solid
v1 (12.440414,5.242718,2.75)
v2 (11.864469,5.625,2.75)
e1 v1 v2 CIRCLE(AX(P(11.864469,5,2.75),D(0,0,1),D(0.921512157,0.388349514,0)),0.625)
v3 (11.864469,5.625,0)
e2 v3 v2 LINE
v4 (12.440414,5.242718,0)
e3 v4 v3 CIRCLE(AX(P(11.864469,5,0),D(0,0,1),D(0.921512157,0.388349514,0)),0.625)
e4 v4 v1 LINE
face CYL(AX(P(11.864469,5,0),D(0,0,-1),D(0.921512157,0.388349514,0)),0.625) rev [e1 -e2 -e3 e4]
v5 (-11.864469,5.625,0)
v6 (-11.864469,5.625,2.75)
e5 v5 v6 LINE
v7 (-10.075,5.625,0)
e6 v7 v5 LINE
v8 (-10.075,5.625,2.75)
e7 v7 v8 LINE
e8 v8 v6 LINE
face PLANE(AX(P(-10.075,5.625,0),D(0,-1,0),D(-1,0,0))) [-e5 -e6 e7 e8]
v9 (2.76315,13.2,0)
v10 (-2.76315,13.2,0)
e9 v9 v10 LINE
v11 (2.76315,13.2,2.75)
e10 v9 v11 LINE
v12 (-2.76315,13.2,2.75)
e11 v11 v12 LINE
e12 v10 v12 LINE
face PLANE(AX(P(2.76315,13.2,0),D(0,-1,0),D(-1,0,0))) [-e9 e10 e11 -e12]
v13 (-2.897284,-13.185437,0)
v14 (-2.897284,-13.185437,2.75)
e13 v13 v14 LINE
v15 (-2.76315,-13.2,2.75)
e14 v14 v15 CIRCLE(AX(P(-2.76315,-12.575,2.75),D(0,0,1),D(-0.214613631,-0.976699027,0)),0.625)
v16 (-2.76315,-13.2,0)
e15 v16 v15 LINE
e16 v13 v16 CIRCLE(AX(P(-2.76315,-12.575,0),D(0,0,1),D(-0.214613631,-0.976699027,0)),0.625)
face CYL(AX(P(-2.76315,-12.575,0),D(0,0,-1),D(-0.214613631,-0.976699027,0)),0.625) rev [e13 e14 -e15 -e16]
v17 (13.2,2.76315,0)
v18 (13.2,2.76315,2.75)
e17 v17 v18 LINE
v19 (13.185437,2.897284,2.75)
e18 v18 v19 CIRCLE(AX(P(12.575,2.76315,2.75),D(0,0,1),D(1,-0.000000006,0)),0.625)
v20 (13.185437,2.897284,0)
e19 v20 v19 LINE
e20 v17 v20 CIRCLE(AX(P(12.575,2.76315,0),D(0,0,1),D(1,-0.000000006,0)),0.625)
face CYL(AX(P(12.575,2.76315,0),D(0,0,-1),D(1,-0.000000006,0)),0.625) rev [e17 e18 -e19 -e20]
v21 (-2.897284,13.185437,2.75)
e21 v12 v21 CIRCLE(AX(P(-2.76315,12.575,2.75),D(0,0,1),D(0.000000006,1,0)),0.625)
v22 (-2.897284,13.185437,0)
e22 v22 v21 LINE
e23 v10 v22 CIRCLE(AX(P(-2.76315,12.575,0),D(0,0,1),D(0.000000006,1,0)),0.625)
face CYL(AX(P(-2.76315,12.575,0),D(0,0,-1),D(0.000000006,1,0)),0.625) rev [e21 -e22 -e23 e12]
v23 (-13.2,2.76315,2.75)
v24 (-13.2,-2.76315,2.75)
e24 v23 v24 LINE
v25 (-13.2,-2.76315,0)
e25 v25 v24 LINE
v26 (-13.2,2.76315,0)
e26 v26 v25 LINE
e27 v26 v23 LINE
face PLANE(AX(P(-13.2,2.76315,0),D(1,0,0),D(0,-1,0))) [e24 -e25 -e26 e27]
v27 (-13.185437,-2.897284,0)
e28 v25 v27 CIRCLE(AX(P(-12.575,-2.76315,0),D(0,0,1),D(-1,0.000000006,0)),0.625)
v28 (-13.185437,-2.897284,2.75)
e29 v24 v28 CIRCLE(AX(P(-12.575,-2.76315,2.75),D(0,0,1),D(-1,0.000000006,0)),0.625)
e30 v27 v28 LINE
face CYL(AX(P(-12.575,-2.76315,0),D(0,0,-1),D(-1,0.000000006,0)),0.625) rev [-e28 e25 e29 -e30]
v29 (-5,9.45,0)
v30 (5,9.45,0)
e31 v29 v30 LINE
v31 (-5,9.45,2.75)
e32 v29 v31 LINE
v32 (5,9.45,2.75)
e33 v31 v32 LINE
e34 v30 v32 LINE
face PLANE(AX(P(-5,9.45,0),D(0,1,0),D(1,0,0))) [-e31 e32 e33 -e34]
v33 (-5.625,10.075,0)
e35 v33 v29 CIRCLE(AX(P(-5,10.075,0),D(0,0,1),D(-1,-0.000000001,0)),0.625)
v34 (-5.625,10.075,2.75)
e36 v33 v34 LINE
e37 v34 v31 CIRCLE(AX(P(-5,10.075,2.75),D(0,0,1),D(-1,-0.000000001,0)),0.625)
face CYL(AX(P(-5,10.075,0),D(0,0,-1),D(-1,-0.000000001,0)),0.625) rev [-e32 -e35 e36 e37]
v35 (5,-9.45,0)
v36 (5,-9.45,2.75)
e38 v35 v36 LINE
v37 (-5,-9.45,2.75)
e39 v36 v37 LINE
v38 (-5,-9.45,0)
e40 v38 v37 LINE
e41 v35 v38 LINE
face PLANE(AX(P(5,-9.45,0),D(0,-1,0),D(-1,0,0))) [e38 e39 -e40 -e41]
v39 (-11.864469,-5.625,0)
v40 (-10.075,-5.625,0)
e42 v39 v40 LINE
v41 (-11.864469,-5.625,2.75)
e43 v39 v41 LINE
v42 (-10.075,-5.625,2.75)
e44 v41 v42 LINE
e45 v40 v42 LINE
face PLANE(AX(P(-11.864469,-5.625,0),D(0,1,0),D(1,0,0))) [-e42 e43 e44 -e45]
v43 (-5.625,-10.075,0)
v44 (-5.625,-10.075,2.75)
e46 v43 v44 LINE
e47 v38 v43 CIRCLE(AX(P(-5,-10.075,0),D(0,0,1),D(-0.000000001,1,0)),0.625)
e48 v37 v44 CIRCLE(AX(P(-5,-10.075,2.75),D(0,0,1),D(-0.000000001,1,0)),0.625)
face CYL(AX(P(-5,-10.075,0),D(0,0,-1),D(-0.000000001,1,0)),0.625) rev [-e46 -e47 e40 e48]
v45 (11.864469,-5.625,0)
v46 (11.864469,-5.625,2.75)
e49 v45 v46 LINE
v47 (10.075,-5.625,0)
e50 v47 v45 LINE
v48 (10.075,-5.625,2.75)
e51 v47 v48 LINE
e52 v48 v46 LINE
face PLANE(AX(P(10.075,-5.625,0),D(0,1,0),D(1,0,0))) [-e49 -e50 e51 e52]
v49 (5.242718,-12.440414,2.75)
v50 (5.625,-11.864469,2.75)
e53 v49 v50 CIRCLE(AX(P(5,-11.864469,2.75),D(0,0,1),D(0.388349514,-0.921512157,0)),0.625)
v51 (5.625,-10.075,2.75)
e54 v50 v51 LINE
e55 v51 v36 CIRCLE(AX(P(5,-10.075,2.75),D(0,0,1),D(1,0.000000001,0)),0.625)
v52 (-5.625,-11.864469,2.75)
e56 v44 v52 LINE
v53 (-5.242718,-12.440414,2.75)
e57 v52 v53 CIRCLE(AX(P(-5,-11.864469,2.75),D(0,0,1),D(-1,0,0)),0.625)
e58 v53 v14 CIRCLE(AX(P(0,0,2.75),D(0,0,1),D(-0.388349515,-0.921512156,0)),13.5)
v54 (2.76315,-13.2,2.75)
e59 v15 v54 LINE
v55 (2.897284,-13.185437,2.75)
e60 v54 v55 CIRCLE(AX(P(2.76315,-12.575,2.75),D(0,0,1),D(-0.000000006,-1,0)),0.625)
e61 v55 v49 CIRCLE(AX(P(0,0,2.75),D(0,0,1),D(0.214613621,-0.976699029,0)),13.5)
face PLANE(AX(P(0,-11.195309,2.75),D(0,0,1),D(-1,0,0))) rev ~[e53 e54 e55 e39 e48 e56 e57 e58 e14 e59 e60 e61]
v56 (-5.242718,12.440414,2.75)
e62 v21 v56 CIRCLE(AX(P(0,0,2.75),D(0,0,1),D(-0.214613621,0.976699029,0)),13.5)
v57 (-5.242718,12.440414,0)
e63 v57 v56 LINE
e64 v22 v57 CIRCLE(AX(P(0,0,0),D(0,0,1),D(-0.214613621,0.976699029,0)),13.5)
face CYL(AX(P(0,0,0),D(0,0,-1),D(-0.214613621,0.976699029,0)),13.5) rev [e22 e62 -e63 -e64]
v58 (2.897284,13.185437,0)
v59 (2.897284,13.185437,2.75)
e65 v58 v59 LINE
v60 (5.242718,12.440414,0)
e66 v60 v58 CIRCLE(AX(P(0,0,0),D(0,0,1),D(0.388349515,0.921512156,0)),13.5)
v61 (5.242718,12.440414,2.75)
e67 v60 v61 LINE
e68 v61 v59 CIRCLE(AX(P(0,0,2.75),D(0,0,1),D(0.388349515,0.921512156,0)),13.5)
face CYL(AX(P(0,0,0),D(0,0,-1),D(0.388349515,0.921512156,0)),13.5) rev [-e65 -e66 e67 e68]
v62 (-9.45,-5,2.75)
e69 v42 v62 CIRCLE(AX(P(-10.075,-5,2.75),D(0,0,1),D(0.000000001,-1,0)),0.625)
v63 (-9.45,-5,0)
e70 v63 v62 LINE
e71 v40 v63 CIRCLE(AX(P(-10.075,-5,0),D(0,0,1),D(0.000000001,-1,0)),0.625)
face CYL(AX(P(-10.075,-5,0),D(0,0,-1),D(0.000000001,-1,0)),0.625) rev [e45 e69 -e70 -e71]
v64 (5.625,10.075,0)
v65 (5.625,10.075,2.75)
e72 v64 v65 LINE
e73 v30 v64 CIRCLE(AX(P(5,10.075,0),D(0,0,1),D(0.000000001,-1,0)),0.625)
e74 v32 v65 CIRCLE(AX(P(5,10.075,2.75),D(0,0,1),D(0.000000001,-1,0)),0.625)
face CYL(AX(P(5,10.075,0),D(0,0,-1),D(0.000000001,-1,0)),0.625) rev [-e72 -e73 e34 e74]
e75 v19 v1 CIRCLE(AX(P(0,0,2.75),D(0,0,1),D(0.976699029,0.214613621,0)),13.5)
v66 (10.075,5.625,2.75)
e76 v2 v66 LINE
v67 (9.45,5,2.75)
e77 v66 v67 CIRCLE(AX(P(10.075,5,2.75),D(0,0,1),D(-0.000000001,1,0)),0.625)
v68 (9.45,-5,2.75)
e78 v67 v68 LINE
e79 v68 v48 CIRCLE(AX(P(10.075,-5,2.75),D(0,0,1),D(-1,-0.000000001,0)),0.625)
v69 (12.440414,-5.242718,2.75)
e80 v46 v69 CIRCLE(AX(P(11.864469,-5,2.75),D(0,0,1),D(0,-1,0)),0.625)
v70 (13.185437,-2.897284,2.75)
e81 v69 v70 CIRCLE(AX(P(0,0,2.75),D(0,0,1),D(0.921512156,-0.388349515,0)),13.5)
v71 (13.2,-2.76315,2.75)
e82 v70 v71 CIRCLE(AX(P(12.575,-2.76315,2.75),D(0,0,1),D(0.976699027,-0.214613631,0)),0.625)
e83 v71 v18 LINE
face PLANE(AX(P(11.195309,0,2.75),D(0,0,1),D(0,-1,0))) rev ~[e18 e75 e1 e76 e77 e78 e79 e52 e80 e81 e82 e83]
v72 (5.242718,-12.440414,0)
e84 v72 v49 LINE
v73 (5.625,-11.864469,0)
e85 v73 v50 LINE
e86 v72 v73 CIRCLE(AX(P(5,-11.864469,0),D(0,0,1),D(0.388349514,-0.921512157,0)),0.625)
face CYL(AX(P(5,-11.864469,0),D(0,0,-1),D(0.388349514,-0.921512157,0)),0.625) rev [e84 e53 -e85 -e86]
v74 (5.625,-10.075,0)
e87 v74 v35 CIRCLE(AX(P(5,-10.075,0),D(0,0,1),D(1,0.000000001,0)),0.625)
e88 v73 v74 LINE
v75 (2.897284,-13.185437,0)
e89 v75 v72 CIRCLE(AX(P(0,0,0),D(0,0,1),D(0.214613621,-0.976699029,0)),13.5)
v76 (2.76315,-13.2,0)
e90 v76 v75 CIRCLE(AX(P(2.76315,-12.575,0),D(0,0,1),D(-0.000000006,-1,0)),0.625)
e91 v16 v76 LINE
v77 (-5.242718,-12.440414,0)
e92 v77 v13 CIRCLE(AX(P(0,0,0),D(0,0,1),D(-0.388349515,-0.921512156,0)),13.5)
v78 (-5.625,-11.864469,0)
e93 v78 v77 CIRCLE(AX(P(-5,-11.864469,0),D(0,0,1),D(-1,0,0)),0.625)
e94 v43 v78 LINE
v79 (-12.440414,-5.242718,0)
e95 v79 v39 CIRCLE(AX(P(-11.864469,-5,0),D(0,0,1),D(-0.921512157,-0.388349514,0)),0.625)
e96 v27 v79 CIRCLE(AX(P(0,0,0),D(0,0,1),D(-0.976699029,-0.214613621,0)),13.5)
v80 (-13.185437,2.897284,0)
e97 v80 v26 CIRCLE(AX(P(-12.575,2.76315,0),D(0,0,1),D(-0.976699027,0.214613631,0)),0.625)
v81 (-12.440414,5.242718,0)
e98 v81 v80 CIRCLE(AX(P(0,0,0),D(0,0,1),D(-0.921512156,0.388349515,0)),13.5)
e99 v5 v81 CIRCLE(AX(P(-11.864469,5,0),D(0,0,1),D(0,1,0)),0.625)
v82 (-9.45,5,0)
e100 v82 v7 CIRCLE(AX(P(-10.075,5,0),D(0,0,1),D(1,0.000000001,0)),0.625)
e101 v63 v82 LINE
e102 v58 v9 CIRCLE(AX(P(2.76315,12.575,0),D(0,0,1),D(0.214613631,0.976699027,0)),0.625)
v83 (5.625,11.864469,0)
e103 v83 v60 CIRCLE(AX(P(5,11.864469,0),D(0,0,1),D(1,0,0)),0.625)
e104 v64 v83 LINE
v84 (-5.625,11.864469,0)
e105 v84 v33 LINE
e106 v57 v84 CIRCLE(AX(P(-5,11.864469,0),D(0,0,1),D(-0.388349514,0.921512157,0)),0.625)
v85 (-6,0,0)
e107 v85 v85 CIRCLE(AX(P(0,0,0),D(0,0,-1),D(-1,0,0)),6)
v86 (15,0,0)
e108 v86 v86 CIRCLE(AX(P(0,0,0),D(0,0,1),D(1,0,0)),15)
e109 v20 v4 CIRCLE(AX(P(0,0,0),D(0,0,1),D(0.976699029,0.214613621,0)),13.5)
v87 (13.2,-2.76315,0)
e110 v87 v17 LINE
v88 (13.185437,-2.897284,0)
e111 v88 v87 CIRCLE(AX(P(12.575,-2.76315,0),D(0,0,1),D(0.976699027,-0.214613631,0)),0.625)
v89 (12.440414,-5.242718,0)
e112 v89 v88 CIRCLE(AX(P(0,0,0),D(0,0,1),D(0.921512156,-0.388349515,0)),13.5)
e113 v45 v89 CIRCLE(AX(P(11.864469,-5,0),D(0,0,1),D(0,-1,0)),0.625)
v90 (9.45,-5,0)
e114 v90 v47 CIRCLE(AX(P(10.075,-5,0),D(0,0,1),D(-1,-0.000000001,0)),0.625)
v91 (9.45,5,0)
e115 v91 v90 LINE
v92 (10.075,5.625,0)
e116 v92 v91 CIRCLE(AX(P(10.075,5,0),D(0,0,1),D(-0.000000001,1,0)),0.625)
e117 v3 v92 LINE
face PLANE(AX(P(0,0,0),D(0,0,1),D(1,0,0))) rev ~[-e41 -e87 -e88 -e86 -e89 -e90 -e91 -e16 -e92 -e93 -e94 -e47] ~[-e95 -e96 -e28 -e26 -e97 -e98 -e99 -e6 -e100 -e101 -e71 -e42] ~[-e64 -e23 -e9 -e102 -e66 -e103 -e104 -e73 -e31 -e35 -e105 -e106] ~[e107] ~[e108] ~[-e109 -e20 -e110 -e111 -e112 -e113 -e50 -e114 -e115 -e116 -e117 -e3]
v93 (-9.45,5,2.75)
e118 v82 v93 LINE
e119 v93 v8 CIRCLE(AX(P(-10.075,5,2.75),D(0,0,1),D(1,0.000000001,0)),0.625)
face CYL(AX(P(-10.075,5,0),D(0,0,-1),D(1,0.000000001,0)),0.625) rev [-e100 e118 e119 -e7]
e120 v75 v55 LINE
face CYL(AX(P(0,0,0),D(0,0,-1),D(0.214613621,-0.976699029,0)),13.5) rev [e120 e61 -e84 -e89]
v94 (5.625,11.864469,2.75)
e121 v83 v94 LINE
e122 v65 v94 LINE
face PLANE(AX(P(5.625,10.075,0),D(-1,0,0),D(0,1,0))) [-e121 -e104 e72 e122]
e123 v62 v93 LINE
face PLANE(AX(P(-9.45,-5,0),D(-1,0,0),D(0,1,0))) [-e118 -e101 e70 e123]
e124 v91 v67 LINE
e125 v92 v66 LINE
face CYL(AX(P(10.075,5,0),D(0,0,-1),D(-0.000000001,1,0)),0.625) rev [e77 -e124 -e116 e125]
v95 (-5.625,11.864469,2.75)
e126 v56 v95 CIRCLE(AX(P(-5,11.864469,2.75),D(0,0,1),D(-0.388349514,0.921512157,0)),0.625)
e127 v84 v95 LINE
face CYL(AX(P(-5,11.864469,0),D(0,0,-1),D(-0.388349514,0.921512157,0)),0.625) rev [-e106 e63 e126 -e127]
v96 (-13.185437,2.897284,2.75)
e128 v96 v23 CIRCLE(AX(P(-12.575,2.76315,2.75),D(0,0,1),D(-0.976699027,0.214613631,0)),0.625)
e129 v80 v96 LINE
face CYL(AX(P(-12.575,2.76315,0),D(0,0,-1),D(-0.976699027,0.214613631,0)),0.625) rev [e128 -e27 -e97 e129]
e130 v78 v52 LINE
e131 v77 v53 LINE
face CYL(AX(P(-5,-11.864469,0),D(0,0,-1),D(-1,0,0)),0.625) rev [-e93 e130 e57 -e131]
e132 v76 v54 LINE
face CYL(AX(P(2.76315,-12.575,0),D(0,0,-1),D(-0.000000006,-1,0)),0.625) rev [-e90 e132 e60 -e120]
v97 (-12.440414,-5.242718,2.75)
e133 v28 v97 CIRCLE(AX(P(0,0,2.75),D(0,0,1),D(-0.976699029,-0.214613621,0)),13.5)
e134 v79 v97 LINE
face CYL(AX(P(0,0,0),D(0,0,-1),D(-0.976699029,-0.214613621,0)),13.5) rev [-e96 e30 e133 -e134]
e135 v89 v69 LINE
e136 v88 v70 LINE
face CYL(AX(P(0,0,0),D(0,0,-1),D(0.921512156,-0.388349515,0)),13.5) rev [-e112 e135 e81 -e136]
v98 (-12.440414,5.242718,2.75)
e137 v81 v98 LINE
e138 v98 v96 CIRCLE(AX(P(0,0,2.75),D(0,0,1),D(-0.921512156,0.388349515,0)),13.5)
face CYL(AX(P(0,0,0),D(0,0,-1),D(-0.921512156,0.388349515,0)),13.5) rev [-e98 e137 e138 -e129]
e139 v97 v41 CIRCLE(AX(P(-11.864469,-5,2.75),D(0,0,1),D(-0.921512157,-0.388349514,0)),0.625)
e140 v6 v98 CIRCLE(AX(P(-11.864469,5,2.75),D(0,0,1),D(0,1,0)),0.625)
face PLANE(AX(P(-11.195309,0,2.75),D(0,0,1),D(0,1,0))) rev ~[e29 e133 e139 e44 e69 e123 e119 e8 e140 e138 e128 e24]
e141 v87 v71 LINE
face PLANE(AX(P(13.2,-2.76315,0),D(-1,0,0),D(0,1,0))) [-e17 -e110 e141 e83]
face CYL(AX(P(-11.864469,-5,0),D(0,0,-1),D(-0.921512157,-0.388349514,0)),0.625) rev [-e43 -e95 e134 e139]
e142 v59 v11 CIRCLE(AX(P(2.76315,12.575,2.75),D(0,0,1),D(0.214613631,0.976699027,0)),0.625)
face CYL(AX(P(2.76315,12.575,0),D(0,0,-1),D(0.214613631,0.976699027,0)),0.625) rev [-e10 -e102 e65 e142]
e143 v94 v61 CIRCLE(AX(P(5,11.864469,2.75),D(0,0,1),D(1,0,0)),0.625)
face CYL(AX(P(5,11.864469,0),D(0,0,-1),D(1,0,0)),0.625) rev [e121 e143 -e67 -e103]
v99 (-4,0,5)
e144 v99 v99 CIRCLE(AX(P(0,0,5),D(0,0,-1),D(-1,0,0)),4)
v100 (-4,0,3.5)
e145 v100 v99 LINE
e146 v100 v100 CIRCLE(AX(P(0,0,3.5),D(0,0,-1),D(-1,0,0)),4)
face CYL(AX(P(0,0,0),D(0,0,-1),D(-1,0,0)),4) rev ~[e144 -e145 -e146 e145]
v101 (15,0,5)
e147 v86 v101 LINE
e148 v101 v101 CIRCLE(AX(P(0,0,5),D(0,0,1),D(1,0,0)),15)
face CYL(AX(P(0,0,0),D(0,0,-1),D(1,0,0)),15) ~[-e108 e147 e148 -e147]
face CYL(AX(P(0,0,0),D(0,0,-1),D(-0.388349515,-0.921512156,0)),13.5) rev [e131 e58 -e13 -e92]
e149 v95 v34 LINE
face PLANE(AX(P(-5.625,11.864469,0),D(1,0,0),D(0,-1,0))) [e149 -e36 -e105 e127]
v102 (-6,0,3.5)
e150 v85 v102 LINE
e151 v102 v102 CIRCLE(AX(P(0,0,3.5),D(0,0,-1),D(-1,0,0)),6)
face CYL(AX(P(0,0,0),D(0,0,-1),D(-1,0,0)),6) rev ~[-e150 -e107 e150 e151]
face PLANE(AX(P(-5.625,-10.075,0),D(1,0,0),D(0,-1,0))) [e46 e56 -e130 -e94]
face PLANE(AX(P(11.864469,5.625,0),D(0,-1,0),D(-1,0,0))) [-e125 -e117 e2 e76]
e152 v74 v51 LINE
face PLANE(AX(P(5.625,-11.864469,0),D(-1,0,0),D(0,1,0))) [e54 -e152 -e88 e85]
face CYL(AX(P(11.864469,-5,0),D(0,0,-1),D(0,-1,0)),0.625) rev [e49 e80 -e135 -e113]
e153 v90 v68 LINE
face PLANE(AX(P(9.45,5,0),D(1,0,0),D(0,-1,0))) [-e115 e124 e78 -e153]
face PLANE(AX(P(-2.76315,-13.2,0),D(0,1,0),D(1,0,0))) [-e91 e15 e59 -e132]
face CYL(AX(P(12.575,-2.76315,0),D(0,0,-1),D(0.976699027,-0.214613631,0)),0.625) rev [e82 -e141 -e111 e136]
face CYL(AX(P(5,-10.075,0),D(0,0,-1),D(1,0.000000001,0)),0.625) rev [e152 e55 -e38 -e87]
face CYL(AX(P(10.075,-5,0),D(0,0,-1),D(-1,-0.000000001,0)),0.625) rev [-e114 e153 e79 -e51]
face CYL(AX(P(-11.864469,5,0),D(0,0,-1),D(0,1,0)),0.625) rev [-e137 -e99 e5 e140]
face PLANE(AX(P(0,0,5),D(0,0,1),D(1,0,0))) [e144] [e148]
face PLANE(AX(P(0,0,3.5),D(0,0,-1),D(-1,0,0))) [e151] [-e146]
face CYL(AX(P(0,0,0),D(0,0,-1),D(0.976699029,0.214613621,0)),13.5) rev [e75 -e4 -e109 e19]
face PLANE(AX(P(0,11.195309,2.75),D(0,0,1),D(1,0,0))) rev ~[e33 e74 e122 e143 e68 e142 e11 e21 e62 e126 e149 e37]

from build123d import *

# Parameters (mm, degrees)
SKETCH1_R           = 15
BOSS_EXTRUDE1_DEPTH = 5
CUT_EXTRUDE1_DEPTH  = 2.75
CIRPATTERN1_COUNT   = 4
SKETCH2_R           = 4
CUT_EXTRUDE2_DEPTH  = 22.794494718
SKETCH2_3_R         = 6
SKETCH2_3_R_2       = 4
CUT_EXTRUDE3_DEPTH  = 3.5


with BuildPart() as part:
    # Sketch1 → Boss-Extrude1 (new body)
    with BuildSketch(Plane.XY):
        Circle(SKETCH1_R)
    extrude(amount=BOSS_EXTRUDE1_DEPTH)

    # Sketch1<3> → Cut-Extrude1 (cut)
    with BuildSketch(Plane.XY):
        with BuildLine():
            ThreePointArc((-5.625, 10.075), (-5.441941738, 9.633058262), (-5, 9.45))
            Line((-5, 9.45), (5, 9.45))
            ThreePointArc((5, 9.45), (5.441941738, 9.633058262), (5.625, 10.075))
            Line((5.625, 10.075), (5.625, 11.864469015))
            ThreePointArc((5.625, 11.864469015), (5.520732191, 12.210103193), (5.242718447, 12.440414112))
            ThreePointArc((5.242718447, 12.440414112), (4.087012875, 12.866480706), (2.897283889, 13.185436893))
            ThreePointArc((2.897283889, 13.185436893), (2.83061126, 13.196348557), (2.763150376, 13.2))
            Line((2.763150376, 13.2), (-2.763150376, 13.2))
            ThreePointArc((-2.763150376, 13.2), (-2.83061126, 13.196348557), (-2.897283889, 13.185436893))
            ThreePointArc((-2.897283889, 13.185436893), (-4.087012875, 12.866480706), (-5.242718447, 12.440414112))
            ThreePointArc((-5.242718447, 12.440414112), (-5.520732191, 12.210103193), (-5.625, 11.864469015))
            Line((-5.625, 11.864469015), (-5.625, 10.075))
        make_face()
    cut_extrude1 = extrude(amount=CUT_EXTRUDE1_DEPTH, mode=Mode.SUBTRACT)

    # CirPattern1: Cut-Extrude1 ×4 about axis
    cirpattern1_axis = Axis((0, 0, 5.25), (0, 0, -1))
    for i in range(1, CIRPATTERN1_COUNT):
        add(cut_extrude1.rotate(cirpattern1_axis, i * 360 / CIRPATTERN1_COUNT), mode=Mode.SUBTRACT)

    # Sketch2 → Cut-Extrude2 (cut, through all)
    with BuildSketch(Plane(origin=(0, 0, 0), x_dir=(-1, 0, 0), z_dir=(0, 0, -1))):
        Circle(SKETCH2_R)
    extrude(amount=-CUT_EXTRUDE2_DEPTH, mode=Mode.SUBTRACT)

    # Sketch2<3> → Cut-Extrude3 (cut)
    with BuildSketch(Plane(origin=(0, 0, 0), x_dir=(-1, 0, 0), z_dir=(0, 0, -1))):
        Circle(SKETCH2_3_R)
        Circle(SKETCH2_3_R_2, mode=Mode.SUBTRACT)
    extrude(amount=-CUT_EXTRUDE3_DEPTH, mode=Mode.SUBTRACT)


solid = part.part
